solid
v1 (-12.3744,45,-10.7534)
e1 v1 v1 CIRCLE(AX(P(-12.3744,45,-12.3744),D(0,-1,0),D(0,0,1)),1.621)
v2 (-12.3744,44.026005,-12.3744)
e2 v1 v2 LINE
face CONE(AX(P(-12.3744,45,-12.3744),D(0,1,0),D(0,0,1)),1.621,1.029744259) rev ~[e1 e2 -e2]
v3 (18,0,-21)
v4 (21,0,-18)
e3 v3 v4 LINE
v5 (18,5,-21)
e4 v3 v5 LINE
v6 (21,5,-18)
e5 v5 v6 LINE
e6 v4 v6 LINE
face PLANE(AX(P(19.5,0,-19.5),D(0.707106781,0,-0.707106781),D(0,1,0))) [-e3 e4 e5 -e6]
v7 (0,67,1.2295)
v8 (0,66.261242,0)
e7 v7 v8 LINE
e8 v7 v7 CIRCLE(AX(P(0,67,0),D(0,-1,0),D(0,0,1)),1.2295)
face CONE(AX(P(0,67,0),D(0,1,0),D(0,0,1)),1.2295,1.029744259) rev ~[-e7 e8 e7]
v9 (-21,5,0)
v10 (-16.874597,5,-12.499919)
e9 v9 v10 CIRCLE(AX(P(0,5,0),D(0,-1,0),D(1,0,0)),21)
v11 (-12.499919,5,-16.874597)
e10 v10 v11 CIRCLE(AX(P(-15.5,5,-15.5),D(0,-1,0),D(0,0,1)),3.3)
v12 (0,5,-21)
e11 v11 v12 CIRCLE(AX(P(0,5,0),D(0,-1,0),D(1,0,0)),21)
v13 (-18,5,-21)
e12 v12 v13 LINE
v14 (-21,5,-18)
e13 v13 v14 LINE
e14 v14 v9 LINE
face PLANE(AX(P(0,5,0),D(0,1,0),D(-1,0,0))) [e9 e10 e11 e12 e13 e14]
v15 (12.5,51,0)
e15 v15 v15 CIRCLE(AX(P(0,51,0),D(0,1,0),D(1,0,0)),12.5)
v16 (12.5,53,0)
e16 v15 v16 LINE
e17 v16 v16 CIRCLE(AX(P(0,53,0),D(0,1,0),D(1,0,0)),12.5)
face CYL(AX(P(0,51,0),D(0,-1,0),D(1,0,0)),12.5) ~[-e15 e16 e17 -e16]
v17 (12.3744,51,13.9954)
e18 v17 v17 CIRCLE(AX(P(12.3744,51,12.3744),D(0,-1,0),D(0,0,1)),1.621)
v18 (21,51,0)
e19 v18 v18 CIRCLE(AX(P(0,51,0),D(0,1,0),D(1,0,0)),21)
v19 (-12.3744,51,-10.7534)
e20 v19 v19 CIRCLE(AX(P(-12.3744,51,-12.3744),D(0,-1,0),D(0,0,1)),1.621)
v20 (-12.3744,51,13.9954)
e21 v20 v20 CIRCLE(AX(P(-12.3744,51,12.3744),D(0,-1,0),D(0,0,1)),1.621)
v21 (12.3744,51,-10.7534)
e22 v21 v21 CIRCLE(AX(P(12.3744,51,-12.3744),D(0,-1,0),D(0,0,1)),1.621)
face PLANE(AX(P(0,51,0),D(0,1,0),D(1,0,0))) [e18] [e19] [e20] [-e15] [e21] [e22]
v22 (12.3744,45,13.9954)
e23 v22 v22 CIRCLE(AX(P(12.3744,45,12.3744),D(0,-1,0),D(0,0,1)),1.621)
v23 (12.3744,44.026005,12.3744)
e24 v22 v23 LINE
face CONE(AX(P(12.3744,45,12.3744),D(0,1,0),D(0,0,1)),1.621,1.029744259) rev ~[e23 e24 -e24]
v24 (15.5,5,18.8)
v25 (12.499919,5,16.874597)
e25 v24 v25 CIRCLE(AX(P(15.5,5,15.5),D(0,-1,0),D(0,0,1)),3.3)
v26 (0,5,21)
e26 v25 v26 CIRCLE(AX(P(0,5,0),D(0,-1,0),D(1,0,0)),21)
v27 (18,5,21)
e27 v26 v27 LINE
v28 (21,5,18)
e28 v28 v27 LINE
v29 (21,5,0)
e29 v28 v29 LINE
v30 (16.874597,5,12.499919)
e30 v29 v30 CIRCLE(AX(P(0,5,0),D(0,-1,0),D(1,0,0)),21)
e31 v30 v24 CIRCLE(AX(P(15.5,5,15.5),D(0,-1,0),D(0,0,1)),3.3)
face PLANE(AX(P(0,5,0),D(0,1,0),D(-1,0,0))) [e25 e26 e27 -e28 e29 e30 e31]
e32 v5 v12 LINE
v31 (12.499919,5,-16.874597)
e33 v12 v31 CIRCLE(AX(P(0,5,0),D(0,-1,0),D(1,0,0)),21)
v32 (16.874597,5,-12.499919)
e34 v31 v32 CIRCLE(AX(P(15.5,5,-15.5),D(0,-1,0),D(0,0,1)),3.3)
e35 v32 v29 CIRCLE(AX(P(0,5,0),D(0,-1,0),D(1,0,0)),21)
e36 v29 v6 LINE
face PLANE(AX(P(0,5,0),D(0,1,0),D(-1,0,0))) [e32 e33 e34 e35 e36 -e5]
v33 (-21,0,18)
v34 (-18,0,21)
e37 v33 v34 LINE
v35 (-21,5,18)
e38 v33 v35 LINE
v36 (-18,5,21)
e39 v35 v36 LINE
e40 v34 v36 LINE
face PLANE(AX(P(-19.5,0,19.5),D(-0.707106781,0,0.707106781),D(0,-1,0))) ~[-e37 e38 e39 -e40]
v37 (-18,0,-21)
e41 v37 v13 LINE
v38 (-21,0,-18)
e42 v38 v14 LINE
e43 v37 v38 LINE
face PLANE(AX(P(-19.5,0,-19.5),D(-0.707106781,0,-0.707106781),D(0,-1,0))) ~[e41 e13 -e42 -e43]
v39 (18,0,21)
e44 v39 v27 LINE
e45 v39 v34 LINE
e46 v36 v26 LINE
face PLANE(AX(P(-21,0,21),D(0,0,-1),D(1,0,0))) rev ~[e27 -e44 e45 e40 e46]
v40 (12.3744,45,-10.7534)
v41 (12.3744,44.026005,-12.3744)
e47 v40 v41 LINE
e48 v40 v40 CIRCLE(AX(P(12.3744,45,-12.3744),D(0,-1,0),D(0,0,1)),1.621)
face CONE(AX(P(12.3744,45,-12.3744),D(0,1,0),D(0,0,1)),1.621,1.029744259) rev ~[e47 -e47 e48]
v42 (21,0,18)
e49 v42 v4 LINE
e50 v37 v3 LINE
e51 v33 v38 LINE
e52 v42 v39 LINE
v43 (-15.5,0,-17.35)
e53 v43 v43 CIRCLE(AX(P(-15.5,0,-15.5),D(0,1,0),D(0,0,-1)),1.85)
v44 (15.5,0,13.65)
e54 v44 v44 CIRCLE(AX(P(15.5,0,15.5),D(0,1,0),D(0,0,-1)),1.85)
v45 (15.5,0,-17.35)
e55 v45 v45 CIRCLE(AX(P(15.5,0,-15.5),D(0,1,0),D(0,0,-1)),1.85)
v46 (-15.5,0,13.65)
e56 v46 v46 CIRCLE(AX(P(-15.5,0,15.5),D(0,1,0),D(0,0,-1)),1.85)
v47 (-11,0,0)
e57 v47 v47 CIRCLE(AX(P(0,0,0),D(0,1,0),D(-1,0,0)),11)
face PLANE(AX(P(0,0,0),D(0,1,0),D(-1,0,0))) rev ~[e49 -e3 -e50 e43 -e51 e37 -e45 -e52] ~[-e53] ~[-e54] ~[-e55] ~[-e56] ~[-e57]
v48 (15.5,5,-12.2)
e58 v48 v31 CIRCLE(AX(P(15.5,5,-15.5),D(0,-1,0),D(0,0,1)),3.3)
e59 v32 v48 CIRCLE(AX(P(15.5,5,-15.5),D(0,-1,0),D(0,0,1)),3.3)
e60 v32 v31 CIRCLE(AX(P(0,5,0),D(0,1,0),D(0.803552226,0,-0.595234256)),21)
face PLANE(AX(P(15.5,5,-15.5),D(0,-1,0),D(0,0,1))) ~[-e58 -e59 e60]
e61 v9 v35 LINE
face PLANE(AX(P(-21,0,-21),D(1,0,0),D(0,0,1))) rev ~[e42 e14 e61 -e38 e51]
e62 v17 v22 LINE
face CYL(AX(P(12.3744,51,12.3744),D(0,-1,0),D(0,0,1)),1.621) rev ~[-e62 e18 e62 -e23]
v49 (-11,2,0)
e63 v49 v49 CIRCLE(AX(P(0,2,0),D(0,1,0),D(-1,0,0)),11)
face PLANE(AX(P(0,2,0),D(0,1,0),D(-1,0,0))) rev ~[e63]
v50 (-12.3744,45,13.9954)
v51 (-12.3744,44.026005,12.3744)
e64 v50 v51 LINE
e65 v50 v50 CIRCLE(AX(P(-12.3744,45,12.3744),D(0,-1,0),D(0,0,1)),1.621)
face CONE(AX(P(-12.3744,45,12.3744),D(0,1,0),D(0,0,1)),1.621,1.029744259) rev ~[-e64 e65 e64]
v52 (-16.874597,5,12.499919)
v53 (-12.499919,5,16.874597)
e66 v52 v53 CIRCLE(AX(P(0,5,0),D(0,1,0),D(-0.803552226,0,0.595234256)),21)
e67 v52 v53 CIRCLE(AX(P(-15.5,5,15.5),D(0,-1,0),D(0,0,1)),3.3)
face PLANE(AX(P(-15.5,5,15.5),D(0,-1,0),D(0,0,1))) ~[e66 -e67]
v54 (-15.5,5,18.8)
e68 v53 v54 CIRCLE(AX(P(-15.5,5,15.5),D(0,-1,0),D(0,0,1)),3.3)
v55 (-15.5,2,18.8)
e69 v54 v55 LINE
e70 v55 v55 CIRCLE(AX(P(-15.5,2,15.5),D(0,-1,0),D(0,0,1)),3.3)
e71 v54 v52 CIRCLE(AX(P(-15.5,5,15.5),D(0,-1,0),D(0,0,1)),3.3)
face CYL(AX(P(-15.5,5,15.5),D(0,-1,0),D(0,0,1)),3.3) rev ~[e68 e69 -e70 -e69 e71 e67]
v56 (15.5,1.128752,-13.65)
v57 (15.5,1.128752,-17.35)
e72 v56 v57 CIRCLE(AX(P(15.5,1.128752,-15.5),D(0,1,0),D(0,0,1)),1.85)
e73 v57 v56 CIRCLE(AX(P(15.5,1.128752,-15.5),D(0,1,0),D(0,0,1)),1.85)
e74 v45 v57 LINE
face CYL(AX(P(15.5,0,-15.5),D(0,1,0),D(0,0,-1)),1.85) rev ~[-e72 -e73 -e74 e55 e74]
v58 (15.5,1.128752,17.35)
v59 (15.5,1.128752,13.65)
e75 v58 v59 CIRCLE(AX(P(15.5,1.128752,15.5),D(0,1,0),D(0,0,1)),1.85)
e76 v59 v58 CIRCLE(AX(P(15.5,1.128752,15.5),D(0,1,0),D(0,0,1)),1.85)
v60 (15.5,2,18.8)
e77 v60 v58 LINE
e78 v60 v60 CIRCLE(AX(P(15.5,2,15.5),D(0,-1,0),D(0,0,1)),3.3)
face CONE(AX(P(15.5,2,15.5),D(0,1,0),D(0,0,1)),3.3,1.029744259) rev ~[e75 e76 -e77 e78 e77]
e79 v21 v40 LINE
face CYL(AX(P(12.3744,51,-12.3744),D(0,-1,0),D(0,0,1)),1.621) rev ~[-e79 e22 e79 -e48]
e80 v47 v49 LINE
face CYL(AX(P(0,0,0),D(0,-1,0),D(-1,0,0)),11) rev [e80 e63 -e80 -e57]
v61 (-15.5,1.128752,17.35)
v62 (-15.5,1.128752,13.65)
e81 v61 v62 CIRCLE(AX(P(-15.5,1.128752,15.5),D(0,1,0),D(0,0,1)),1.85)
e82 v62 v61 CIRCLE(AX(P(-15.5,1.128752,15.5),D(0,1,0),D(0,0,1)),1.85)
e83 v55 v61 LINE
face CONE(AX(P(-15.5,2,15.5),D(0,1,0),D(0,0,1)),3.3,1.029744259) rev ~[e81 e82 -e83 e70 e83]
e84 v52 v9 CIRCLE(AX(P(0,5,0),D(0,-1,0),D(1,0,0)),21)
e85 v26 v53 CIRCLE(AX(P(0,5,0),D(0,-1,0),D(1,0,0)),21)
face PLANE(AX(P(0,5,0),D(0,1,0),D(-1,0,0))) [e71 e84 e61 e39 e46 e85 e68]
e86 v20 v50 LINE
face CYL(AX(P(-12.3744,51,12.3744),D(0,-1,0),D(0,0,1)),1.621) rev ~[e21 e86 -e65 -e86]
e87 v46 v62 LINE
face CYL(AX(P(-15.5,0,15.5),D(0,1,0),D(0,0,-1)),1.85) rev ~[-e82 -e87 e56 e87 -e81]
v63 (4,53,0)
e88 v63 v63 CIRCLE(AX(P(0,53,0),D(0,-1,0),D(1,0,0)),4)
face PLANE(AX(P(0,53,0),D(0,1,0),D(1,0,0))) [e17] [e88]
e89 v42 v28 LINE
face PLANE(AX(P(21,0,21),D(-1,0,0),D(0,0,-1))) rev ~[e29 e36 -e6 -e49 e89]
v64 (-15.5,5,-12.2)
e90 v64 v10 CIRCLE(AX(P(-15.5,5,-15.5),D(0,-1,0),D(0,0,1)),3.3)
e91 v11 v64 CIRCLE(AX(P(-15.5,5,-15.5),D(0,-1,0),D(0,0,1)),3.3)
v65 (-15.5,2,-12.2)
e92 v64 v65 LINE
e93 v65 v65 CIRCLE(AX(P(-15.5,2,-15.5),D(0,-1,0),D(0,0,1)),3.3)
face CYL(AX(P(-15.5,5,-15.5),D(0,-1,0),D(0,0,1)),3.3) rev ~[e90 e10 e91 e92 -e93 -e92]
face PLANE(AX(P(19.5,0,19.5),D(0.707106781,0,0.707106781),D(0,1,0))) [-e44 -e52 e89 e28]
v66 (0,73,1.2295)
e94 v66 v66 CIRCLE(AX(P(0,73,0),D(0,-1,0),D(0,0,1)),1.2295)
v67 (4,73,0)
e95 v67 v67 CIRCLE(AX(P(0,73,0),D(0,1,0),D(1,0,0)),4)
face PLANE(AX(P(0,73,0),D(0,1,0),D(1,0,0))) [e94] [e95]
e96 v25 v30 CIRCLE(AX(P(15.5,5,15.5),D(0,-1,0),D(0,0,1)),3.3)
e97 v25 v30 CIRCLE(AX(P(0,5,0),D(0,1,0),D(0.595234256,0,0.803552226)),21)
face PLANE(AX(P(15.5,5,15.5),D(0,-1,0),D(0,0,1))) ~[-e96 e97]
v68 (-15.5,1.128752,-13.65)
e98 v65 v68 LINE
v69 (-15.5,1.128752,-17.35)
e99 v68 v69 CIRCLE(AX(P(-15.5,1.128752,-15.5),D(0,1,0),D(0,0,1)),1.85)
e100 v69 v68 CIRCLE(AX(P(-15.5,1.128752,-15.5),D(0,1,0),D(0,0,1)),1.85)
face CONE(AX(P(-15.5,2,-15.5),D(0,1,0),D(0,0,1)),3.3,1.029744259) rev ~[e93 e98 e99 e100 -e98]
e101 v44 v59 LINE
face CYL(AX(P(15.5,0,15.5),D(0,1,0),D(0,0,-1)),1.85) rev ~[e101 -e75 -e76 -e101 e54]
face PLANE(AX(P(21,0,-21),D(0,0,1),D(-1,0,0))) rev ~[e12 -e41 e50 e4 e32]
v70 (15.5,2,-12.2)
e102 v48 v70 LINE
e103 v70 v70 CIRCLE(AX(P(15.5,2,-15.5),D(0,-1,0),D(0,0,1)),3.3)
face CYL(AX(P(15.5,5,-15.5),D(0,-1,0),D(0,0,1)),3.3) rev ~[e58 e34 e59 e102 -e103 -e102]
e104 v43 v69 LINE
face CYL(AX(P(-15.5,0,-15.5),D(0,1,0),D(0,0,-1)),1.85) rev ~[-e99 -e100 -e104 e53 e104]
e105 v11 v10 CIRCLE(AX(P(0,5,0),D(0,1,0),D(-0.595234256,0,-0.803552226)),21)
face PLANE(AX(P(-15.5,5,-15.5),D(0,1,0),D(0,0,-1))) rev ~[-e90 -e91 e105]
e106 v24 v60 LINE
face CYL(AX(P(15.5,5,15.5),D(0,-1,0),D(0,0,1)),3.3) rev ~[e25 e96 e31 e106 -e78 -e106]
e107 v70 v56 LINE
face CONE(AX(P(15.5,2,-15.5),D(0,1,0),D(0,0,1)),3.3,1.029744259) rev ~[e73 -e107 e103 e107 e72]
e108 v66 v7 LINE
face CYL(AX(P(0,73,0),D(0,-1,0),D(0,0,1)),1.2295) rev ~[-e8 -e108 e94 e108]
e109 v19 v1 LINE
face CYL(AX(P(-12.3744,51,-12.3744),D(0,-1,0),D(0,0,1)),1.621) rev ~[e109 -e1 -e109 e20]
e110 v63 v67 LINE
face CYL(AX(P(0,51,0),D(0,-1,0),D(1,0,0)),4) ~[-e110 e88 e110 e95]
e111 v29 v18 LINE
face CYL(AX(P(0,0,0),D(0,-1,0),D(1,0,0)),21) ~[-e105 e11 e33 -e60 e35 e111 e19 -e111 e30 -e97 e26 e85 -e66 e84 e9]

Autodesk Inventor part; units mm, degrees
ref_plane "YZ Plane" through (0, 0, 0) normal (1, 0, 0) x (0, 1, 0)
ref_plane "XZ Plane" through (0, 0, 0) normal (0, 1, 0) x (-1, 0, 0)
ref_plane "XY Plane" through (0, 0, 0) normal (0, 0, 1) x (1, 0, 0)
sketch "Sketch1" plane through (0, 0, 0) normal (0, 1, 0) x (-1, 0, 0)
  line L0 (-21, -21) -> (21, -21)
  line L1 (21, -21) -> (21, 21)
  line L2 (21, 21) -> (-21, 21)
  line L3 (-21, 21) -> (-21, -21)
  line L4 (-21, -21) -> (21, 21) construction
  line L5 (21, -21) -> (-21, 21) construction
  point P0 (0, 0)
  dimension "d0" = 42
extrude "Extrusion1" add sketch "Sketch1" along normal blind 5
sketch "Sketch2" plane through (0, 0, 0) normal (0, 1, 0) x (1, 0, 0)
  circle A0 centre (0, 0) radius 21
  dimension "d3" = 42
extrude "Extrusion2" add sketch "Sketch2" along normal blind 51
sketch "Sketch3" plane through (0, 51, 0) normal (0, 1, 0) x (1, 0, 0)
  circle A0 centre (0, 0) radius 12.5
  dimension "d6" = 25
extrude "Extrusion3" add sketch "Sketch3" along normal blind 2
sketch "Sketch4" plane through (0, 51, 0) normal (0, 1, 0) x (1, 0, 0)
  circle A0 centre (0, 0) radius 4
  dimension "d9" = 8
extrude "Extrusion4" add sketch "Sketch4" along normal blind 22
sketch "Sketch5" plane through (0, 51, 0) normal (0, 1, 0) x (1, 0, 0)
  line L0 (-12.3744, -12.3744) -> (12.3744, -12.3744)
  line L1 (12.3744, -12.3744) -> (12.3744, 12.3744)
  line L2 (12.3744, 12.3744) -> (-12.3744, 12.3744)
  line L3 (-12.3744, 12.3744) -> (-12.3744, -12.3744)
  line L4 (-12.3744, -12.3744) -> (12.3744, 12.3744) construction
  line L5 (12.3744, -12.3744) -> (-12.3744, 12.3744) construction
  point P0 (0, 0)
  dimension "d15" = 35
hole "Hole1" at (12.3744, 51, -12.3744) at (-12.3744, 51, -12.3744) at (-12.3744, 51, 12.3744) at (12.3744, 51, 12.3744) direction (0, -1, 0) diameter 3.242 depth 6 tip angle 118 thread size "M4x0.7" class "6H" standard "ISO Metric profile"
sketch "Sketch6" plane through (0, 73, 0) normal (0, 1, 0) x (1, 0, 0)
  point P0 (0, 0)
  point P1 (0, 0)
hole "Hole2" at (0, 73, 0) direction (0, -1, 0) diameter 2.459 depth 6 tip angle 118 thread size "M3x0.5" class "6H" standard "ISO Metric profile"
chamfer "Chamfer1" distance 3 angle 45 4 edges at (21, 2.5, -21) (-21, 2.5, -21) (21, 2.5, 21) (-21, 2.5, 21)
sketch "Sketch7" plane through (0, 0, 0) normal (0, 1, 0) x (-1, 0, 0)
  circle A0 centre (0, 0) radius 11
  dimension "d30" = 22
extrude "Extrusion5" cut sketch "Sketch7" along normal blind 2
sketch "Sketch8" plane through (0, 0, 0) normal (0, 1, 0) x (-1, 0, 0)
  line L0 (15.5, 15.5) -> (-15.5, 15.5)
  line L1 (-15.5, 15.5) -> (-15.5, -15.5)
  line L2 (-15.5, -15.5) -> (15.5, -15.5)
  line L3 (15.5, -15.5) -> (15.5, 15.5)
  line L4 (15.5, 15.5) -> (-15.5, -15.5) construction
  line L5 (-15.5, 15.5) -> (15.5, -15.5) construction
  point P0 (0, 0)
  dimension "d33" = 31
hole "Hole3" at (15.5, 0, 15.5) at (-15.5, 0, 15.5) at (-15.5, 0, -15.5) at (15.5, 0, -15.5) direction (0, 1, 0) diameter 3.7 depth 5
sketch "Sketch9" plane through (0, 5, 0) normal (0, 1, 0) x (1, 0, 0)
  arc A0 (-15.9176, -13.6978) -> (-13.6978, -15.9176) centre (-15.5, -15.5) ccw projected
  circle A1 centre (-15.5, 15.5) radius 1.85 projected
  arc A2 (15.9176, 13.6978) -> (13.6978, 15.9176) centre (15.5, 15.5) ccw projected
  circle A3 centre (15.5, -15.5) radius 1.85 projected
  point P0 (0, 0)
hole "Hole4" at (-15.5, 5, 15.5) at (-15.5, 5, -15.5) at (15.5, 5, -15.5) at (15.5, 5, 15.5) direction (0, -1, 0) diameter 6.6 depth 3 tip angle 118
properties part number "911-42-reducer-long"
